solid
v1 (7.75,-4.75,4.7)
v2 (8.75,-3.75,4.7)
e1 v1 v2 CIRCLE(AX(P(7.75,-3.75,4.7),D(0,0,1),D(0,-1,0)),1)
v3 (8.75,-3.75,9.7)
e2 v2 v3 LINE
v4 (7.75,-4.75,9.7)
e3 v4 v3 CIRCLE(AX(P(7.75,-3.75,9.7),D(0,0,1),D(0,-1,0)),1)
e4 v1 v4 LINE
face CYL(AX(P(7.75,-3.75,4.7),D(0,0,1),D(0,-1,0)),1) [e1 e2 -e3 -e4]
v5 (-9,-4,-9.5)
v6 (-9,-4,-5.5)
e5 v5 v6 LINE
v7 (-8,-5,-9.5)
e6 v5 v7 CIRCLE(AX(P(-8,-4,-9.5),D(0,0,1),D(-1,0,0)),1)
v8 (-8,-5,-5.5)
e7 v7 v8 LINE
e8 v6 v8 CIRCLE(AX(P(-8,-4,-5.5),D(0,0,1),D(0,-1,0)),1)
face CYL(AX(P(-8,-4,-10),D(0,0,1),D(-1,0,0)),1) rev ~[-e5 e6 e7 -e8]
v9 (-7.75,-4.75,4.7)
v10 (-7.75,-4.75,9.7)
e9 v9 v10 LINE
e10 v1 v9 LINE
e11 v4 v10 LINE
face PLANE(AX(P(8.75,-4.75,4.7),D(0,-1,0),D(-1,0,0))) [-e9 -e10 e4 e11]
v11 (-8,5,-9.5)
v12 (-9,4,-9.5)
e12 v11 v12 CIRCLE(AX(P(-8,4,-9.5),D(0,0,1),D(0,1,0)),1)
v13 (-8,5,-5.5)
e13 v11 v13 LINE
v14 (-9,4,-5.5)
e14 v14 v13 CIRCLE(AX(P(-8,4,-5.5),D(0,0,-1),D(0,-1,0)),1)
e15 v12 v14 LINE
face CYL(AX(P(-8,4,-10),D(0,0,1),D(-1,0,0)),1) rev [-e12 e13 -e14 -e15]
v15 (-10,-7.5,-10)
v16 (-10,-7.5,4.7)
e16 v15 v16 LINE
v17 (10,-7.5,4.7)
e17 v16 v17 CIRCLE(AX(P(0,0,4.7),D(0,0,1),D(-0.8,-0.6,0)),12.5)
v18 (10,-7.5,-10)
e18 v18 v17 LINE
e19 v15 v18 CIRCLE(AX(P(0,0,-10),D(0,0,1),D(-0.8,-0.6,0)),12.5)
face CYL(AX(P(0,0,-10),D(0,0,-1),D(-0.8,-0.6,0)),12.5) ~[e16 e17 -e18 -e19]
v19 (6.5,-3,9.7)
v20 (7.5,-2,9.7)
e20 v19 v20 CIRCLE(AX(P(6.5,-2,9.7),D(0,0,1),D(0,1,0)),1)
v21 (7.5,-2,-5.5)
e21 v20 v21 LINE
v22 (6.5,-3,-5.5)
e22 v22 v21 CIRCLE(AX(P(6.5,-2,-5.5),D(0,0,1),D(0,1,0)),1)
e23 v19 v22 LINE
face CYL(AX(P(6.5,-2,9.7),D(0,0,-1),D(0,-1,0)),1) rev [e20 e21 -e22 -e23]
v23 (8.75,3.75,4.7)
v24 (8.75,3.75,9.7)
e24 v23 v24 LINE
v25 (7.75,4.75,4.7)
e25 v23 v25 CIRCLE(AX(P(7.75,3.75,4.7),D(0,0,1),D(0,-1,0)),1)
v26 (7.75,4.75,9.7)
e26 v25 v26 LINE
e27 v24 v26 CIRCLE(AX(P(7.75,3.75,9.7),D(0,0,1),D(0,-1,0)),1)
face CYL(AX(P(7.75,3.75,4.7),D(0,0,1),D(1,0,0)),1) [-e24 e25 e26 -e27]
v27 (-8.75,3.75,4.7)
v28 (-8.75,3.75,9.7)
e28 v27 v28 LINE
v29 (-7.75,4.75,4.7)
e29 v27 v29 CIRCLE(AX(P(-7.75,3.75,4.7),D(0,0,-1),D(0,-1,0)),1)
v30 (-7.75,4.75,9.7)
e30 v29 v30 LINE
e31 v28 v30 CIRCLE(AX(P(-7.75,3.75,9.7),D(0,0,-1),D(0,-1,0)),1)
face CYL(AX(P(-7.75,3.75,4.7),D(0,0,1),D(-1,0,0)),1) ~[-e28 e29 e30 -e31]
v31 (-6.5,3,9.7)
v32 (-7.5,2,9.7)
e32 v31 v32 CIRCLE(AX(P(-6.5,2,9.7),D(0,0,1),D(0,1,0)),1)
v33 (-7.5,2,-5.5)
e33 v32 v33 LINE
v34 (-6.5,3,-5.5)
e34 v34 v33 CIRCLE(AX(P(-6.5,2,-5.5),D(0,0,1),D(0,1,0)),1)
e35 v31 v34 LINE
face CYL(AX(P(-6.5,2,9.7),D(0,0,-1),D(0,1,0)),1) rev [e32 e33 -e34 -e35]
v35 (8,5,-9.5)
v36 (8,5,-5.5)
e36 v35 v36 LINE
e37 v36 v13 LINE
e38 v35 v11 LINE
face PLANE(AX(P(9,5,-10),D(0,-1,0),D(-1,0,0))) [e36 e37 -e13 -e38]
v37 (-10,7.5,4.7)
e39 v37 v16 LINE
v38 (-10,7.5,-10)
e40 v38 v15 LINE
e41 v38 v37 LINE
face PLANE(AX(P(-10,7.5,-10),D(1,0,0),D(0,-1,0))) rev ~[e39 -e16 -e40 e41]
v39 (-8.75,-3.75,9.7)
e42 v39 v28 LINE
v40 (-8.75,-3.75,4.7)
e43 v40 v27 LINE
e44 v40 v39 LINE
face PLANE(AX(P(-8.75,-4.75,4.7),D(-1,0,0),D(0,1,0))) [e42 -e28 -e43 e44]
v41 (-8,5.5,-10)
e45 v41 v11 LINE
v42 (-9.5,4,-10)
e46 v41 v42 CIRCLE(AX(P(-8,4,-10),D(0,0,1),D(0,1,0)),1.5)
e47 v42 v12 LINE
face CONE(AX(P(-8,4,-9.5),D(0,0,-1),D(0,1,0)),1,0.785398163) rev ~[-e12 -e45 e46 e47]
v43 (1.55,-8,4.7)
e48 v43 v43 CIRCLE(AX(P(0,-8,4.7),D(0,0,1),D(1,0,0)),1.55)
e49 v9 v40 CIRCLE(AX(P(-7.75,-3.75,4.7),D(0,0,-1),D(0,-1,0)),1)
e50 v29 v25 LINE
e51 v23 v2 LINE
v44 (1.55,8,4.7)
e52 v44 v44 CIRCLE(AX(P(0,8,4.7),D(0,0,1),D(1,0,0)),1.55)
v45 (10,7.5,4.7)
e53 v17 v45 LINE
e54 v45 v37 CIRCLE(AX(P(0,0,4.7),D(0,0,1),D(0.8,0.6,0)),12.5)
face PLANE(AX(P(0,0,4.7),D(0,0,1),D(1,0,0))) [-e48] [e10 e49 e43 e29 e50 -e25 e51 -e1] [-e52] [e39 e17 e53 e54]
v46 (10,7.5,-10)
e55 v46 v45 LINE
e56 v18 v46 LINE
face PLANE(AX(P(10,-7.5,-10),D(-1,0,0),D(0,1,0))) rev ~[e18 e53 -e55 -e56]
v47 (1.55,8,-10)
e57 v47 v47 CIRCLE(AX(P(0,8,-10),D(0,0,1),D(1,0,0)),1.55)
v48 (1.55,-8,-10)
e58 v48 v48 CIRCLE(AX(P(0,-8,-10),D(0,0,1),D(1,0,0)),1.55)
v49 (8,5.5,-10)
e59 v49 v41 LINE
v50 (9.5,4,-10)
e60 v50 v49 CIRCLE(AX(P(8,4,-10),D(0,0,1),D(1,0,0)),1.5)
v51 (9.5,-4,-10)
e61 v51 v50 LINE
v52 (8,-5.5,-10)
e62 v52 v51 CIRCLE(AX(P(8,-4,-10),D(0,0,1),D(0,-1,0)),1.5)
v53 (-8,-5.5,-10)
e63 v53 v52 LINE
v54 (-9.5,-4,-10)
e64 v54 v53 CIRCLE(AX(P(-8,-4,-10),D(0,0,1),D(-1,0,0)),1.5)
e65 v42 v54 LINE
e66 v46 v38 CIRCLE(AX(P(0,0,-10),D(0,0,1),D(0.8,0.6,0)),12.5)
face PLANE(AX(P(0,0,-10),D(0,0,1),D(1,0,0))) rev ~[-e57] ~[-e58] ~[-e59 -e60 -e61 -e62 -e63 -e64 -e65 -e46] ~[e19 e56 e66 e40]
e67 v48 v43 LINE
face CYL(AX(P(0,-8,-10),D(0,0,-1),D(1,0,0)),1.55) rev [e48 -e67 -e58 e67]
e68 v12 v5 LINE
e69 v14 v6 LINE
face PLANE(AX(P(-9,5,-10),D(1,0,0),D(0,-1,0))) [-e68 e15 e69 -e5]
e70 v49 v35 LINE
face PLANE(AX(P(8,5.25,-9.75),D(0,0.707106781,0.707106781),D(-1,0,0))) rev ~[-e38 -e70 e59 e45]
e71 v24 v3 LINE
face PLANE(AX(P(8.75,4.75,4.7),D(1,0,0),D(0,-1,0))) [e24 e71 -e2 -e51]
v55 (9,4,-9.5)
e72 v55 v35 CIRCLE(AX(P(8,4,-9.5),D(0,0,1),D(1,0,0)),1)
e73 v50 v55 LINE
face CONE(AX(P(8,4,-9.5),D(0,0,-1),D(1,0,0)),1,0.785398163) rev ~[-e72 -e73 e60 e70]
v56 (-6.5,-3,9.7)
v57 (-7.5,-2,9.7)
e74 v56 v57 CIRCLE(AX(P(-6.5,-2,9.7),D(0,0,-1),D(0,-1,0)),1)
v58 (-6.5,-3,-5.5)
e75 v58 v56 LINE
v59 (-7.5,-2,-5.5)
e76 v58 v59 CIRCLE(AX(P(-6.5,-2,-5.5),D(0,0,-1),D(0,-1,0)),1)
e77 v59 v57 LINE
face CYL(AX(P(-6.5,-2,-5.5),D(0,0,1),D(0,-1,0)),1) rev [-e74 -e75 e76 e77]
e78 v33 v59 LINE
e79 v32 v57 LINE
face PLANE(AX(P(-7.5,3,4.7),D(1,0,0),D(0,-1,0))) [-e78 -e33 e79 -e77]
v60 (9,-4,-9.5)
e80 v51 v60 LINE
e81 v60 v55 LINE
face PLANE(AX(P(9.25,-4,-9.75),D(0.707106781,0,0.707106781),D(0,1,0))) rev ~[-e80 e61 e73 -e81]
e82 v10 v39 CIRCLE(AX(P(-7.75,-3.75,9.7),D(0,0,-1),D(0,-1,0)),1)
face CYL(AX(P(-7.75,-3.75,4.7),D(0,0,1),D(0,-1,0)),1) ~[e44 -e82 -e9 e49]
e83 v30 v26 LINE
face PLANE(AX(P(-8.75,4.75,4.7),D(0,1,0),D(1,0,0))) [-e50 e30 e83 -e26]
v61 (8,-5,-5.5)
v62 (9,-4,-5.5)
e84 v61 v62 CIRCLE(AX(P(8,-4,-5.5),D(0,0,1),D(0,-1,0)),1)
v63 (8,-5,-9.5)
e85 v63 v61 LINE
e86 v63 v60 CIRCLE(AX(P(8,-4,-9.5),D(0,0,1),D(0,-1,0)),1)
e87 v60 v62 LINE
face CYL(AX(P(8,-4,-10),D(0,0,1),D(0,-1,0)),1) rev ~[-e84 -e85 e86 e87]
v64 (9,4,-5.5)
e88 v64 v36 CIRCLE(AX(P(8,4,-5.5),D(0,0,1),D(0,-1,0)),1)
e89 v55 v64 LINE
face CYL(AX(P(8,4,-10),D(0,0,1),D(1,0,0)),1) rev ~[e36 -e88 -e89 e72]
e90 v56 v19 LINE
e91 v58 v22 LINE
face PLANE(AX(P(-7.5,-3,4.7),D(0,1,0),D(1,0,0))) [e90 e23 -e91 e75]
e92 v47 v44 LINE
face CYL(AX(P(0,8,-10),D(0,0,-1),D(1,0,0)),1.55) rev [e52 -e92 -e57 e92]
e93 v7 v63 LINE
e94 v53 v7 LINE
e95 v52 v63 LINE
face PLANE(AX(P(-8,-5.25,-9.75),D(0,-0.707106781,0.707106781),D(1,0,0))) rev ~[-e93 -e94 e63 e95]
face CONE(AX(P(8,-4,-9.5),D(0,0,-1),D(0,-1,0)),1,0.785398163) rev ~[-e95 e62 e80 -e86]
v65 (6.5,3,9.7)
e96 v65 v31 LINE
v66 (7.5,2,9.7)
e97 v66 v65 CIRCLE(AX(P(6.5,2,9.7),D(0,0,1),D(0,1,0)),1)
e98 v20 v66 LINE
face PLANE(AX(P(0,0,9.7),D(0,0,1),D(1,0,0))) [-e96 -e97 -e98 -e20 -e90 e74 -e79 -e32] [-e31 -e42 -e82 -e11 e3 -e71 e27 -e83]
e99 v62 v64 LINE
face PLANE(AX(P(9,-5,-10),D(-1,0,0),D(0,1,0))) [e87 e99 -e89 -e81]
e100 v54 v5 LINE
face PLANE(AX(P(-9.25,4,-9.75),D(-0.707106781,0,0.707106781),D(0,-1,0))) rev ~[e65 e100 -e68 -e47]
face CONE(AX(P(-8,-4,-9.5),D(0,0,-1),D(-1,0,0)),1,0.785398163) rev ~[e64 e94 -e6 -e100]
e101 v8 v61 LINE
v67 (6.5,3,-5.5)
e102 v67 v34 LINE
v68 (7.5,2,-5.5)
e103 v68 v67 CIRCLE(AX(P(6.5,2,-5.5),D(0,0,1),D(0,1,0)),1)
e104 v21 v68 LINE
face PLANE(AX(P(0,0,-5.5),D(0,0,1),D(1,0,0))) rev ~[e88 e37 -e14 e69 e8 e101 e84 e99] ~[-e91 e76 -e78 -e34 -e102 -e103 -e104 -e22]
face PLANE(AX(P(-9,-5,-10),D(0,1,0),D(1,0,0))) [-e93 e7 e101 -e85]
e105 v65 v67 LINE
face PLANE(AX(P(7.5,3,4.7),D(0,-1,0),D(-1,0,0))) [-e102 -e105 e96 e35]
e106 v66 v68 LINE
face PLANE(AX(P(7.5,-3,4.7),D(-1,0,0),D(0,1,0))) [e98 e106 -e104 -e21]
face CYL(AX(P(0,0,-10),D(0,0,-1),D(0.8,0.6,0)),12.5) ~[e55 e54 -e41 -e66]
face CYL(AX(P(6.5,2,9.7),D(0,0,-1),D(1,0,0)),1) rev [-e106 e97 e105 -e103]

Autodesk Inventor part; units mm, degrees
ref_plane "YZ Plane" through (0, 0, 0) normal (1, 0, 0) x (0, 1, 0)
ref_plane "XZ Plane" through (0, 0, 0) normal (0, 1, 0) x (-1, 0, 0)
ref_plane "Work Plane1" through (0, 0, -10) normal (0, 0, 1) x (1, 0, 0)
sketch "Sketch1" plane through (0, 0, -10) normal (0, 0, 1) x (1, 0, 0)
  line L0 (0, -17.5) -> (0, 17.5) construction
  line L1 (-14, 0) -> (14, 0) construction
  line L2 (10, -7.5) -> (10, 7.5)
  arc A0 (10, 7.5) -> (-10, 7.5) centre (0, 0) ccw
  line L3 (-10, 7.5) -> (-10, -7.5)
  arc A1 (-10, -7.5) -> (10, -7.5) centre (0, 0) ccw
  circle A2 centre (0, -8) radius 1.55
  circle A3 centre (0, 8) radius 1.55
  line L4 (0, -8) -> (0, 8) construction
  line L5 (-9, -5) -> (9, -5)
  line L6 (9, -5) -> (9, 5)
  line L7 (9, 5) -> (-9, 5)
  line L8 (-9, 5) -> (-9, -5)
  line L9 (-7.5, -3) -> (7.5, -3)
  line L10 (7.5, -3) -> (7.5, 3)
  line L11 (7.5, 3) -> (-7.5, 3)
  line L12 (-7.5, 3) -> (-7.5, -3)
  line L13 (8.75, -4.75) -> (-8.75, -4.75)
  line L14 (-8.75, -4.75) -> (-8.75, 4.75)
  line L15 (-8.75, 4.75) -> (8.75, 4.75)
  line L16 (8.75, 4.75) -> (8.75, -4.75)
  point P0 (0, 0)
  point P1 (-10, 0)
  point P2 (10, 0)
  dimension "d1" = 15
  dimension "d2" = 12.5
  dimension "d3" = 20
  dimension "d4" = 3.1
  dimension "d5" = 16
  dimension "d6" = 18
  dimension "d7" = 10
  dimension "d8" = 15
  dimension "d9" = 6
  dimension "d18" = 0.25
extrude "Extrusion1" add sketch "Sketch1" along normal blind 14.7 contours A1 L3 A0 L2 | L8 L7 L6 L5 | L13 L14 L15 L16
extrude "Extrusion2" add sketch "Sketch1" along normal blind 5 from surface at 14.7 contours L13 L14 L15 L16
extrude "Extrusion3" cut sketch "Sketch1" along normal blind 4.5 contours L8 L7 L6 L5 | L13 L14 L15 L16
fillet "Fillet1" radius 1 12 edges at (-7.5, -3, 2.1) (-7.5, 3, 2.1) (7.5, 3, 2.1) (7.5, -3, 2.1) (9, -5, -7.75) (9, 5, -7.75) (-9, -5, -7.75) (-9, 5, -7.75) (-8.75, -4.75, 7.2) (-8.75, 4.75, 7.2) (8.75, -4.75, 7.2) (8.75, 4.75, 7.2)
chamfer "Chamfer1" distance 0.5 angle 45 8 edges at (9, 0, -10) (8.7071, 4.7071, -10) (0, 5, -10) (-8.7071, 4.7071, -10) (-9, 0, -10) (-8.7071, -4.7071, -10) (0, -5, -10) (8.7071, -4.7071, -10)
properties part number "Hip Adapter"
